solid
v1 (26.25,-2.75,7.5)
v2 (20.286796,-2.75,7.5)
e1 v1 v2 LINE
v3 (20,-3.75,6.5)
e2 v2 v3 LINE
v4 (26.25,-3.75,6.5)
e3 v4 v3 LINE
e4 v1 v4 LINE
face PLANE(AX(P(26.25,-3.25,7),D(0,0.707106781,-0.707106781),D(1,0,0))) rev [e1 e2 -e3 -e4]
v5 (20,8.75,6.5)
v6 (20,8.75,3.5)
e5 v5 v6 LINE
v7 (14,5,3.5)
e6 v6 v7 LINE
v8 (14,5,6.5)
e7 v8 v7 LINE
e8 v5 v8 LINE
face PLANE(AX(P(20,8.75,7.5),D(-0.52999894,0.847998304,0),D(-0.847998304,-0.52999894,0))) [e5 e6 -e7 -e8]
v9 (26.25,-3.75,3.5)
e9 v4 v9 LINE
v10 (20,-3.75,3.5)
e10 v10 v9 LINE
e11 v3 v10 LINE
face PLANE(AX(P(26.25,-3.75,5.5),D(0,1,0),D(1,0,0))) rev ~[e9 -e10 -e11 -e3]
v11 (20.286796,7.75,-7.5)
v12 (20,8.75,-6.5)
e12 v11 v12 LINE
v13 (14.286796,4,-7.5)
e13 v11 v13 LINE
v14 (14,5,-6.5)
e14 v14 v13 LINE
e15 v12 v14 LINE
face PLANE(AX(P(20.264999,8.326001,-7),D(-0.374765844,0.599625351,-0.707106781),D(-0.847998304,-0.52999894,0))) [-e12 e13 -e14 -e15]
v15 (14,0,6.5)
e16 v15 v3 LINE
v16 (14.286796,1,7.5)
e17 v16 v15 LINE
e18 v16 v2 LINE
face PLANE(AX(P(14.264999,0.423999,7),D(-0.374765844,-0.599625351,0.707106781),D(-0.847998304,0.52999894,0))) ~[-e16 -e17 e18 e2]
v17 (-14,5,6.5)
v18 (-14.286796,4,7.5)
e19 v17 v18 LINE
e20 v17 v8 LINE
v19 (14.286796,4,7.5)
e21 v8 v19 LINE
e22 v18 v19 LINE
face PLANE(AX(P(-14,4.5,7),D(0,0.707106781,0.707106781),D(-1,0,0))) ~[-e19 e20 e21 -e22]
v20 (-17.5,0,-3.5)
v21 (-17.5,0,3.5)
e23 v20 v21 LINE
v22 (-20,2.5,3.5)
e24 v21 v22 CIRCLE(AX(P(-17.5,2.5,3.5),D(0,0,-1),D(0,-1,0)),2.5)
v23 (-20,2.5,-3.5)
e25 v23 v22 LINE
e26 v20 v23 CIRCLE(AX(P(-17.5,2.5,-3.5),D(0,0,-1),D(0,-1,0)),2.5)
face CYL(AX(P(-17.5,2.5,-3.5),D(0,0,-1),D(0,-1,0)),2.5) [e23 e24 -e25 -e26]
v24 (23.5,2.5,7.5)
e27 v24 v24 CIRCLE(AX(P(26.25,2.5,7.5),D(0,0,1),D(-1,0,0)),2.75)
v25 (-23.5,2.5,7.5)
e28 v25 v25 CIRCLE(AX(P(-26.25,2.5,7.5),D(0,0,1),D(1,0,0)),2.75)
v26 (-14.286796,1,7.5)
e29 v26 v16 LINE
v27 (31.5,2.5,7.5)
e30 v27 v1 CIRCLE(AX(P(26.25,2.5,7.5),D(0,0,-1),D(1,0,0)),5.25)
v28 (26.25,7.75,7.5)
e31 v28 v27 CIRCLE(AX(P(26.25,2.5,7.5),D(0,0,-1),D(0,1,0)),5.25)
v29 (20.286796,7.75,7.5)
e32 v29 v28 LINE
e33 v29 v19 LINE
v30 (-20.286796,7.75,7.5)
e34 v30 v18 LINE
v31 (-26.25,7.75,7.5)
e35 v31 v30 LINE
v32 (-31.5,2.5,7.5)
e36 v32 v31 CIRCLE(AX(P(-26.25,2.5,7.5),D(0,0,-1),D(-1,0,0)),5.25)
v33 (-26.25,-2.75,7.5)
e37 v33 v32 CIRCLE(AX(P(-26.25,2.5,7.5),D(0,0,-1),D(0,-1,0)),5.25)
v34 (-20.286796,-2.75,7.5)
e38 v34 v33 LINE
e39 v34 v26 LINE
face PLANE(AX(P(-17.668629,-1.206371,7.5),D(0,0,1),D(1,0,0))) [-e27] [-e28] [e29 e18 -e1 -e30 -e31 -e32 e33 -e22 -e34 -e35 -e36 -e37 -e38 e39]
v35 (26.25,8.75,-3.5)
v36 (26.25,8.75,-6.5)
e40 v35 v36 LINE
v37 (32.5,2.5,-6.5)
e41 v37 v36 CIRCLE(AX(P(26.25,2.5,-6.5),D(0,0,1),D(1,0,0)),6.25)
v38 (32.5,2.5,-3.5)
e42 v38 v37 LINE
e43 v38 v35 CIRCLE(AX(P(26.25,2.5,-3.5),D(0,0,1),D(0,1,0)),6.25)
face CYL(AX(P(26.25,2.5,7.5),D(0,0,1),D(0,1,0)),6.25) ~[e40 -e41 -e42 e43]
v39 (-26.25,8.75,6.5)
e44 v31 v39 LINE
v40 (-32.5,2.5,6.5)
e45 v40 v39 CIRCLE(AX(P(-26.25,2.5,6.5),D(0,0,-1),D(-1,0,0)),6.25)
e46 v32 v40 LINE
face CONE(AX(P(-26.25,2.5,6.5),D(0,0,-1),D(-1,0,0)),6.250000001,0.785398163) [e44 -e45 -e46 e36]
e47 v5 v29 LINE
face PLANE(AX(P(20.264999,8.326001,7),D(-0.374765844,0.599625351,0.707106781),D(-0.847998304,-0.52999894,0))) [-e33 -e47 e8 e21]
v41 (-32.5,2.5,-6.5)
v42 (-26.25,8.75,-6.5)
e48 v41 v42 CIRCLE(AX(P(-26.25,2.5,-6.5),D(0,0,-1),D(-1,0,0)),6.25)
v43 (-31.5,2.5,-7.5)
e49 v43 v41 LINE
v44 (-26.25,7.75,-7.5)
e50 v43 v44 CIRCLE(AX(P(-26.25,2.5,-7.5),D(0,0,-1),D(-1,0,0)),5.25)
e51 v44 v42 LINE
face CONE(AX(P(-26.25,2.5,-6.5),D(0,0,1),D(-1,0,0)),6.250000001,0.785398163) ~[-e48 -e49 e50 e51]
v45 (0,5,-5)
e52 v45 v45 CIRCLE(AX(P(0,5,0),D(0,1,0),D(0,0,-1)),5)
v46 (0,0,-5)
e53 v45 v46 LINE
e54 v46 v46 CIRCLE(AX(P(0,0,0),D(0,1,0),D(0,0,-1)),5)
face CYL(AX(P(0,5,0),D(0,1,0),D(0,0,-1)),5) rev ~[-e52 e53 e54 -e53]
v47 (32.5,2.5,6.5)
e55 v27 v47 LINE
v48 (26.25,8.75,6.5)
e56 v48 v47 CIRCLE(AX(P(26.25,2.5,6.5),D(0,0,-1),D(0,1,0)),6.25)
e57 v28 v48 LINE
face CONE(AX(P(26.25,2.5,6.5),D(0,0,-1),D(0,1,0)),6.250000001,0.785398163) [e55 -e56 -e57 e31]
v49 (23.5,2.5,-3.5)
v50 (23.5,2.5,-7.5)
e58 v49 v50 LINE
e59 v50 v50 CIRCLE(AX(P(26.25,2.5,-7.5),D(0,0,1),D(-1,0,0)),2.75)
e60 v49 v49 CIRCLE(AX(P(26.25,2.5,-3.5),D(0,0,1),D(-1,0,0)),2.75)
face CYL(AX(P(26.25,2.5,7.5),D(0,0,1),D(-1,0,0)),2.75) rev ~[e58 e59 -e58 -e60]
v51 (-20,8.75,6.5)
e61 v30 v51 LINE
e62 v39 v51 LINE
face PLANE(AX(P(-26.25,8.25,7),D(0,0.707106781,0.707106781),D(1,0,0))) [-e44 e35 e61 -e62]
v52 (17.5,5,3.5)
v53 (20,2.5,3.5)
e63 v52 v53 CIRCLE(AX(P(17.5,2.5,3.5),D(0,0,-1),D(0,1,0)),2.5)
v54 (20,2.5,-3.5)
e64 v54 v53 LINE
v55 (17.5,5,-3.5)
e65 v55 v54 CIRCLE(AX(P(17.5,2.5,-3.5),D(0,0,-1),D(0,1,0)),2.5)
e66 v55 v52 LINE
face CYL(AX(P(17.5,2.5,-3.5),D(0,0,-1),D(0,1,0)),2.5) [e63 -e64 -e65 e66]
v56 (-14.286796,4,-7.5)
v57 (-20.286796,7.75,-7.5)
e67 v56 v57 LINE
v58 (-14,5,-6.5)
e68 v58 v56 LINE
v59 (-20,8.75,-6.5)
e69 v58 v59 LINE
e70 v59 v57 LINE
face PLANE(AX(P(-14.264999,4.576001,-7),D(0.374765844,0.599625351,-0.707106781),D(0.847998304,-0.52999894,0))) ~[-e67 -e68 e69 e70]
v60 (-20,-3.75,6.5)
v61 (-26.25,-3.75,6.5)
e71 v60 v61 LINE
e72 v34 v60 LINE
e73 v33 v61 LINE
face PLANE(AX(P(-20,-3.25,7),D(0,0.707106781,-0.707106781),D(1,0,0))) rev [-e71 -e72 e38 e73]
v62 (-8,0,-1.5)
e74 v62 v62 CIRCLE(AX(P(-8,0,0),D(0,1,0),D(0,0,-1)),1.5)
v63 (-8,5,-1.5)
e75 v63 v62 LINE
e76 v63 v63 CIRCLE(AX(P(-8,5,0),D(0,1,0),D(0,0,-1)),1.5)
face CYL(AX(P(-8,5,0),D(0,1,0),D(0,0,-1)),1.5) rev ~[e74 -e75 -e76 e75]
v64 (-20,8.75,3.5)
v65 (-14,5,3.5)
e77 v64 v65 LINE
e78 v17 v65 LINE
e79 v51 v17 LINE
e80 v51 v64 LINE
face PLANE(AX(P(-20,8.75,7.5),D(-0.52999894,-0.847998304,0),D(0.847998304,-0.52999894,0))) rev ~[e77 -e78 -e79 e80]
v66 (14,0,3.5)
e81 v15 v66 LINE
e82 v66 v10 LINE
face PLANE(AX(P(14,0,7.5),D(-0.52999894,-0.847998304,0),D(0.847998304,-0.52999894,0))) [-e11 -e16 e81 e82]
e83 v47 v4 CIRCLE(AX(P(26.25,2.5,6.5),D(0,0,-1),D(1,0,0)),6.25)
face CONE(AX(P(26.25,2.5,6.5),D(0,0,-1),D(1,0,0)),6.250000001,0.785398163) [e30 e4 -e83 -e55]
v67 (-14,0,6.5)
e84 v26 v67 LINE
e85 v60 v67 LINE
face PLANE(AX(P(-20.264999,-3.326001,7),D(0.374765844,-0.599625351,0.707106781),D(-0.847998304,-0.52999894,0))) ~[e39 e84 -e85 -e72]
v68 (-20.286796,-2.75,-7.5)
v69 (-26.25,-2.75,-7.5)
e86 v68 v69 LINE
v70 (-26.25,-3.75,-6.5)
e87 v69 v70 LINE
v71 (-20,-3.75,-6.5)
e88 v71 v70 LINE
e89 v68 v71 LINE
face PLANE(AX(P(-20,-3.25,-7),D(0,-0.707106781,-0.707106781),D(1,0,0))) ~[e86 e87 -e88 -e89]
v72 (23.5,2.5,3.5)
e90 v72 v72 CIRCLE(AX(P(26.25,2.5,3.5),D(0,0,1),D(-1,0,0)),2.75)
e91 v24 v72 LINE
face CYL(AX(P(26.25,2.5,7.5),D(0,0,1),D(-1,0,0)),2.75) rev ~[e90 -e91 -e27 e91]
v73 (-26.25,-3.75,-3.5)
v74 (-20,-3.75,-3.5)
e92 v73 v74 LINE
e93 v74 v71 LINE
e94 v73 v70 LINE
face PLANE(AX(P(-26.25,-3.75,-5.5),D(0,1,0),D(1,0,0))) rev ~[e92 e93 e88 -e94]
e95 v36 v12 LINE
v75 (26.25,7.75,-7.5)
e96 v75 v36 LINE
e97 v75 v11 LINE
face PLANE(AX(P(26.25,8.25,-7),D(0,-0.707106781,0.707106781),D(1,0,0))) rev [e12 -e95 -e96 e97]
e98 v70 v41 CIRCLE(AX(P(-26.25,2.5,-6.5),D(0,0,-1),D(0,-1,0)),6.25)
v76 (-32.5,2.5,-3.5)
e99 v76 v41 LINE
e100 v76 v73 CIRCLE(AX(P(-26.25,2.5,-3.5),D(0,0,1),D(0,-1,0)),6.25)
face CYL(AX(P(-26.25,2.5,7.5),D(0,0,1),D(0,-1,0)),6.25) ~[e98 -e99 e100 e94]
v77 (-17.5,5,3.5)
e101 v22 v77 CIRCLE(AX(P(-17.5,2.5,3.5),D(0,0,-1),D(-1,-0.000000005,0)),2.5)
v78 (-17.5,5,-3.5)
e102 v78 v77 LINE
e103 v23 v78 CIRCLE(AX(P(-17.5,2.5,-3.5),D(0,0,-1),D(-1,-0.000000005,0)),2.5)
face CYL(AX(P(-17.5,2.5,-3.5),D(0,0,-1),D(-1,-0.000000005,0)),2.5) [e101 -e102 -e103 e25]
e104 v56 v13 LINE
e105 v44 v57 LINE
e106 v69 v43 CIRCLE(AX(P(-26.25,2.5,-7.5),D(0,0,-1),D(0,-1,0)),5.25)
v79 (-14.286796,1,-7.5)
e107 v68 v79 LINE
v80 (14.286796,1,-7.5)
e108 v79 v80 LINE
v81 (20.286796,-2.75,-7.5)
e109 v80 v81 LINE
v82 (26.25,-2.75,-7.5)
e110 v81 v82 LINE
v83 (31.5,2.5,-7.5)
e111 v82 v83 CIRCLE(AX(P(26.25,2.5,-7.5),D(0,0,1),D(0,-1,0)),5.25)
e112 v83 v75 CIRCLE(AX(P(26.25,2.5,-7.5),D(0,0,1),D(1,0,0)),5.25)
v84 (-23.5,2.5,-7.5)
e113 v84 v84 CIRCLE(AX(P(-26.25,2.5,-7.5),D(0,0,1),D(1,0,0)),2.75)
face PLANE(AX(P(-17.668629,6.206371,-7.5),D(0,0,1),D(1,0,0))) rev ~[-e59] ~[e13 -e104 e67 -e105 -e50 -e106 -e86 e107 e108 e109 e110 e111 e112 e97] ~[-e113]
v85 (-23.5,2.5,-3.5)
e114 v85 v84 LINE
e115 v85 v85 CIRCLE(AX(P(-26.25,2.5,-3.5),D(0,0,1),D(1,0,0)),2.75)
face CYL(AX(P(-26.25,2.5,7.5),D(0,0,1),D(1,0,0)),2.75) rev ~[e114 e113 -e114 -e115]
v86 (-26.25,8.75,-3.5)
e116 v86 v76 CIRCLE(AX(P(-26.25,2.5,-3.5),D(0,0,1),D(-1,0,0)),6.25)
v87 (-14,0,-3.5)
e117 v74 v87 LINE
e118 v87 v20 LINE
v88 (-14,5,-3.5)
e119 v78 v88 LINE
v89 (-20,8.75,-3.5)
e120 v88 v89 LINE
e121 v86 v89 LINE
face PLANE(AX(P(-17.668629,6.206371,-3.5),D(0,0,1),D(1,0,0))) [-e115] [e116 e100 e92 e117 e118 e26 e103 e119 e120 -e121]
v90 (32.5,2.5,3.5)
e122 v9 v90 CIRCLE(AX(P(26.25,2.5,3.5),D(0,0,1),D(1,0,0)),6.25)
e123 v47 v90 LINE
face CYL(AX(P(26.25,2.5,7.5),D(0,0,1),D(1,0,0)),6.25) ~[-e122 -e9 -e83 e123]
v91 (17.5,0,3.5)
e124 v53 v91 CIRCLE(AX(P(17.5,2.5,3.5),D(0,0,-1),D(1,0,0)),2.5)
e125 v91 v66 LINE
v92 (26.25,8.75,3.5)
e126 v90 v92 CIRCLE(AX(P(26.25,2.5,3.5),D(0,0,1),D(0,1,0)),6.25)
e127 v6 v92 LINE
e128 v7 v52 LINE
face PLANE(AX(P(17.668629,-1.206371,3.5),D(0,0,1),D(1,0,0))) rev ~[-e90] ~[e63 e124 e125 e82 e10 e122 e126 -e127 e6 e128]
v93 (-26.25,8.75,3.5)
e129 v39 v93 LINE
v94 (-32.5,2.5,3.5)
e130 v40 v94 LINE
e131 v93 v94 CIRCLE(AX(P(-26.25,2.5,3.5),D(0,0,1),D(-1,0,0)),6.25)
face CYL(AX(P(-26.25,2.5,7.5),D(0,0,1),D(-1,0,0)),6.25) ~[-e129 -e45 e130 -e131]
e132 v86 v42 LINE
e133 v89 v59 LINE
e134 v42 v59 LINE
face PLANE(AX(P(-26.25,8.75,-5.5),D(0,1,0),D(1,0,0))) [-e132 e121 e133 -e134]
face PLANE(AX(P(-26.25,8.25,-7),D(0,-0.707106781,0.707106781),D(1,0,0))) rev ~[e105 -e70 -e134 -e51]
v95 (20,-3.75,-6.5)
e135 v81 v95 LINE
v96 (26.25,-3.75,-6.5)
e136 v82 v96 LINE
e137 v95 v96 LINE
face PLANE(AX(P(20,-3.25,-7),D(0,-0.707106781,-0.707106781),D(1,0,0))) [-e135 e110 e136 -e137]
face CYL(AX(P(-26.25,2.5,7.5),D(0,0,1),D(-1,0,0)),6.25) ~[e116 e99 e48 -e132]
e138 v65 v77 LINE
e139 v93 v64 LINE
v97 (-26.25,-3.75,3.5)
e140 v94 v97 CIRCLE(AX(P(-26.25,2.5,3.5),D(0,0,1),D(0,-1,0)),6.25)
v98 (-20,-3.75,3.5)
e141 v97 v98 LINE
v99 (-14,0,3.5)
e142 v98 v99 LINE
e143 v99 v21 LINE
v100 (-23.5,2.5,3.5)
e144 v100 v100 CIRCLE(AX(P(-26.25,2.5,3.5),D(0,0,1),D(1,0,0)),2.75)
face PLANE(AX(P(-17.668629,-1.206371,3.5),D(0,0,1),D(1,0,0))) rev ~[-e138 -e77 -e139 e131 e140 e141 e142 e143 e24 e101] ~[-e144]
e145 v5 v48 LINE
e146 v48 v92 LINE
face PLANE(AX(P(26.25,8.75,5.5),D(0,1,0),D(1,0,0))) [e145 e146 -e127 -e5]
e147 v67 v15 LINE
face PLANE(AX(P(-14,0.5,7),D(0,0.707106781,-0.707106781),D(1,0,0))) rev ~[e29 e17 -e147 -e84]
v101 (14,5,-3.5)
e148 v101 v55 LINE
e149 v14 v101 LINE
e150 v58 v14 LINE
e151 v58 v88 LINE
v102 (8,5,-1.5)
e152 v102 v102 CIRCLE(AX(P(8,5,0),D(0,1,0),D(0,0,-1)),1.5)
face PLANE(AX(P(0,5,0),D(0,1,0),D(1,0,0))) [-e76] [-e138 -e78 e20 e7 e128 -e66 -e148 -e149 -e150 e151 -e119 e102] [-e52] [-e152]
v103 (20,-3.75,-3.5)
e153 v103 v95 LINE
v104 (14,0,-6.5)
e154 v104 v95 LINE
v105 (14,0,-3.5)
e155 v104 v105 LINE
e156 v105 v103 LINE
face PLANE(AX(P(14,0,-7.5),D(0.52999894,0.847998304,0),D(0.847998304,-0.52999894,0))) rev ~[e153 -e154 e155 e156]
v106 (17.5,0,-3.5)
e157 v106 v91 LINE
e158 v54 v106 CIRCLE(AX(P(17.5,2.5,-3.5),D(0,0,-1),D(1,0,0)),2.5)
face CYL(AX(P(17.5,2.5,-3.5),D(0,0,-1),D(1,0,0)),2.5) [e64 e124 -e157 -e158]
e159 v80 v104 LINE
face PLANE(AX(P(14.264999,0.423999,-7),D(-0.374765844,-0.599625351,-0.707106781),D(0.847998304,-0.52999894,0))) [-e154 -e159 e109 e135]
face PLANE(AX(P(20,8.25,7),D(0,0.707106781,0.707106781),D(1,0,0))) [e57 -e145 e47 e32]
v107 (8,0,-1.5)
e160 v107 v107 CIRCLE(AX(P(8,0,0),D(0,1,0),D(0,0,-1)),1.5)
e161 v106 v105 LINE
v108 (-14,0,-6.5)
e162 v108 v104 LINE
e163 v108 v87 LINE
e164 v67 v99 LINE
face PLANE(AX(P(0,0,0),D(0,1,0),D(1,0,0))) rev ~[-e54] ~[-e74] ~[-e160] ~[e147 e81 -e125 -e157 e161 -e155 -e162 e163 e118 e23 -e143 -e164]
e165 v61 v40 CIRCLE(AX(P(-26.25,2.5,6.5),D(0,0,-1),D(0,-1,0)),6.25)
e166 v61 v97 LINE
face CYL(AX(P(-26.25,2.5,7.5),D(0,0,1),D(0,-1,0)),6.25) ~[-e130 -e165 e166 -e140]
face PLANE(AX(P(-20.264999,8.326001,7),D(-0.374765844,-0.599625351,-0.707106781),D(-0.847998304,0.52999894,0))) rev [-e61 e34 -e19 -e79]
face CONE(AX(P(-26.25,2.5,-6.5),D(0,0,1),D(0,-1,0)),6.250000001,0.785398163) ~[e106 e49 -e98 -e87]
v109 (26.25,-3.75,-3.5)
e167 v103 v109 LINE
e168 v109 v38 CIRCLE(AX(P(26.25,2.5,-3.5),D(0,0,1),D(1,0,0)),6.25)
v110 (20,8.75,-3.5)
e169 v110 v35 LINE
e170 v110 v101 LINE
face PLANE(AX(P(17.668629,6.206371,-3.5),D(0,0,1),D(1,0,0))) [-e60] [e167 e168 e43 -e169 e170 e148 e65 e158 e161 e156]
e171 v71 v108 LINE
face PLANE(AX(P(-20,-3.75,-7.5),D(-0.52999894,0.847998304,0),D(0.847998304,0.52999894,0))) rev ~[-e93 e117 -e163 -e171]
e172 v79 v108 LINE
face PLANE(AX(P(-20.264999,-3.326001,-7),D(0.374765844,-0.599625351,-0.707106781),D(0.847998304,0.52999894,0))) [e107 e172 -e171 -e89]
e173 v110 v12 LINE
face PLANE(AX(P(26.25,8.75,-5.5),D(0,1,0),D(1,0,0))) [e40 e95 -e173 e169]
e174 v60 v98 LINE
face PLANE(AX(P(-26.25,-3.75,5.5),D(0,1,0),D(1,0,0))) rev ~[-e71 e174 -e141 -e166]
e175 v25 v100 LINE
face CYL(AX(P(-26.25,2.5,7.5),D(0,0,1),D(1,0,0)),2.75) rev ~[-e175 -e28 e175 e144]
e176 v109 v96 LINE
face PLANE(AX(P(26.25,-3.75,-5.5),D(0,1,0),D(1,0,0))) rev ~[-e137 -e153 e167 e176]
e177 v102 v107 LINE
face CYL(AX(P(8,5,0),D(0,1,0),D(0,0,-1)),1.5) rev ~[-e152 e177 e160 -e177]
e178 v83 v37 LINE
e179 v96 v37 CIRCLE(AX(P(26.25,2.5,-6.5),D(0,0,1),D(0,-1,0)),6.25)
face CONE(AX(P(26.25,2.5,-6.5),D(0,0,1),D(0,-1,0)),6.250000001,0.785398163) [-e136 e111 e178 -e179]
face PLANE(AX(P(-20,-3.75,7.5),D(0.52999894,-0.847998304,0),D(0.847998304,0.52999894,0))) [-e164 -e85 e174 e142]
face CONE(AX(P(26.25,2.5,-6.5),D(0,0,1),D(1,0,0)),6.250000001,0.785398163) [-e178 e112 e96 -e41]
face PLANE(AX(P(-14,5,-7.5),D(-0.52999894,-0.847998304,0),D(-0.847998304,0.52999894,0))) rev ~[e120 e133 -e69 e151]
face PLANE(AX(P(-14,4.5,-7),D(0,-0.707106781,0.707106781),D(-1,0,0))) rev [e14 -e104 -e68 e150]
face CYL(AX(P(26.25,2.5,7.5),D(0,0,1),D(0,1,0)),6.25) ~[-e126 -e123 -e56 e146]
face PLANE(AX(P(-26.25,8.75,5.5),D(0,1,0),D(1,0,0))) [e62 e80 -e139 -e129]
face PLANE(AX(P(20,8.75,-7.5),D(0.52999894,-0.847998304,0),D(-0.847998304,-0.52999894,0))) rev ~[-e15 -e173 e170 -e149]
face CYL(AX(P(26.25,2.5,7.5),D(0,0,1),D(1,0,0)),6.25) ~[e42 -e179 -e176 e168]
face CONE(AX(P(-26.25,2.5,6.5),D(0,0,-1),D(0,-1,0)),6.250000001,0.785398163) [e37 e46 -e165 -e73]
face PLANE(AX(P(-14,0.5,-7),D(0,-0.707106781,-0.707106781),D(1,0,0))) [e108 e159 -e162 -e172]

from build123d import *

# Parameters (mm, degrees)
SKETCH_1_W           = 40
SKETCH_1_H           = 15
EXTRUDE_1_DEPTH      = 5
CUT_EXTRUDE_START    = 5
SKETCH_2_R           = 5
SKETCH_2_R_2         = 1.5
CUT_EXTRUDE_1_DEPTH  = 5
EXTRUDE_3_DEPTH      = 8.75
EXTRUDE_3_DEPTH_BACK = 3.75
SKETCH_6_W           = 12.5
SKETCH_6_H           = 4
EXTRUDE_START        = 7.5
EXTRUDE_4_DEPTH      = 4
EXTRUDE_START_2      = -7.5
EXTRUDE_5_DEPTH      = 4
CUT_EXTRUDE_START_2  = 7.5
SKETCH_10_R          = 2.75
CUT_EXTRUDE_3_DEPTH  = 15
CUT_EXTRUDE_START_3  = -3.5
CUT_EXTRUDE_4_DEPTH  = 7
CHAMFER_1_SIZE       = 1


with BuildPart() as part:
    # 草图1 → 凸台-拉伸1 (new body)
    with BuildSketch(Plane(origin=(0, 0, 0), x_dir=(1, 0, 0), z_dir=(0, 1, 0))):
        Rectangle(SKETCH_1_W, SKETCH_1_H)
    extrude(amount=EXTRUDE_1_DEPTH)

    # 草图2 → 切除-拉伸1 (cut)
    with BuildSketch(Plane(origin=(0, 0, 0), x_dir=(1, 0, 0), z_dir=(0, 1, 0)).offset(CUT_EXTRUDE_START)):
        with Locations(Location((0, 0, 0), (0, 0, 90))):
            Circle(SKETCH_2_R)
        with Locations(Location((8, 0, 0), (0, 0, 90))):
            Circle(SKETCH_2_R_2)
        with Locations(Location((-8, 0, 0), (0, 0, 90))):
            Circle(SKETCH_2_R_2)
    extrude(amount=-CUT_EXTRUDE_1_DEPTH, mode=Mode.SUBTRACT)

    # 草图6 → 凸台-拉伸3 (add, two sides: drawn at the far end of the back side and taken through both)
    with BuildSketch(Plane(origin=(0, 0, 0), x_dir=(1, 0, 0), z_dir=(0, 1, 0)).offset(-EXTRUDE_3_DEPTH_BACK)):
        with Locations((26.25, 5.5)):
            Rectangle(SKETCH_6_W, SKETCH_6_H)
        with Locations((26.25, -5.5)):
            Rectangle(SKETCH_6_W, SKETCH_6_H)
        with Locations((-26.25, -5.5)):
            Rectangle(SKETCH_6_W, SKETCH_6_H)
        with Locations((-26.25, 5.5)):
            Rectangle(SKETCH_6_W, SKETCH_6_H)
    extrude(amount=EXTRUDE_3_DEPTH + EXTRUDE_3_DEPTH_BACK)

    # 草图8 → 凸台-拉伸4 (add)
    with BuildSketch(Plane.XY.offset(EXTRUDE_START)):
        Polygon((-20, -3.75), (-14, 0), (-20, 0), align=None)
        Polygon((-20, 8.75), (-14, 5), (-20, 5), align=None)
        Polygon((20, 0), (14, 0), (20, -3.75), align=None)
        Polygon((20, 5), (20, 8.75), (14, 5), align=None)
    extrude(amount=-EXTRUDE_4_DEPTH)

    # 草图9 → 凸台-拉伸5 (add)
    with BuildSketch(Plane.XY.offset(EXTRUDE_START_2)):
        Polygon((-14, 5), (-20, 8.75), (-20, 5), align=None)
        Polygon((-20, -3.75), (-14, 0), (-20, 0), align=None)
        Polygon((20, 5), (20, 8.75), (14, 5), align=None)
        Polygon((20, 0), (14, 0), (20, -3.75), align=None)
    extrude(amount=EXTRUDE_5_DEPTH)

    # 草图10 → 切除-拉伸3 (cut)
    with BuildSketch(Plane.XY.offset(CUT_EXTRUDE_START_2)):
        with BuildLine():
            Line((-32.5, 2.5), (-32.5, -3.75))
            Line((-32.5, -3.75), (-26.25, -3.75))
            ThreePointArc((-26.25, -3.75), (-30.669417382, -1.919417382), (-32.5, 2.5))
        make_face()
        with BuildLine():
            Line((-32.5, 8.75), (-32.5, 2.5))
            ThreePointArc((-32.5, 2.5), (-30.669417382, 6.919417382), (-26.25, 8.75))
            Line((-26.25, 8.75), (-32.5, 8.75))
        make_face()
        with Locations(Location((26.25, 2.5, 0), (0, 0, 180))):
            Circle(SKETCH_10_R)
        with BuildLine():
            ThreePointArc((32.5, 2.5), (30.669417382, -1.919417382), (26.25, -3.75))
            Line((26.25, -3.75), (32.5, -3.75))
            Line((32.5, -3.75), (32.5, 2.5))
        make_face()
        with BuildLine():
            ThreePointArc((26.25, 8.75), (30.669417382, 6.919417382), (32.5, 2.5))
            Line((32.5, 2.5), (32.5, 8.75))
            Line((32.5, 8.75), (26.25, 8.75))
        make_face()
        with Locations((-26.25, 2.5)):
            Circle(SKETCH_10_R)
    extrude(amount=-CUT_EXTRUDE_3_DEPTH, mode=Mode.SUBTRACT)

    # 草图11 → 切除-拉伸4 (cut)
    with BuildSketch(Plane.XY.offset(CUT_EXTRUDE_START_3)):
        with BuildLine():
            Line((20, 2.5), (20, 5))
            Line((20, 5), (17.5, 5))
            ThreePointArc((17.5, 5), (19.267766953, 4.267766953), (20, 2.5))
        make_face()
        with BuildLine():
            Line((20, 0), (20, 2.5))
            ThreePointArc((20, 2.5), (19.267766953, 0.732233047), (17.5, 0))
            Line((17.5, 0), (20, 0))
        make_face()
        with BuildLine():
            Line((-20, 0), (-17.5, 0))
            ThreePointArc((-17.5, 0), (-19.267766948, 0.732233042), (-20, 2.499999987))
            Line((-20, 2.499999987), (-20, 0))
        make_face()
        with BuildLine():
            Line((-20, 5), (-20, 2.499999987))
            ThreePointArc((-20, 2.499999987), (-19.267766958, 4.267766948), (-17.5, 5))
            Line((-17.5, 5), (-20, 5))
        make_face()
    extrude(amount=CUT_EXTRUDE_4_DEPTH, mode=Mode.SUBTRACT)

    # 倒角1
    chamfer_1_edges = [part.edges().sort_by_distance(p)[0] for p in [
        (17, -1.875, 7.5),
        (17, 6.875, 7.5),
        (-17, 6.875, -7.5),
        (-17, -1.875, -7.5),
        (0, 5, -7.5),
        (17, 6.875, -7.5),
        (0, 0, -7.5),
        (17, -1.875, -7.5),
        (-23.125, 8.75, 7.5),
        (23.125, -3.75, -7.5),
        (32.5, 2.5, 7.5),
        (32.5, 2.5, -7.5),
        (-32.5, 2.5, 7.5),
        (-32.5, 2.5, -7.5),
        (-23.125, -3.75, 7.5),
        (23.125, 8.75, -7.5),
        (23.125, -3.75, 7.5),
        (23.125, 8.75, 7.5),
        (-23.125, -3.75, -7.5),
        (-23.125, 8.75, -7.5),
        (0, 0, 7.5),
        (-17, -1.875, 7.5),
        (0, 5, 7.5),
        (-17, 6.875, 7.5),
    ]]
    chamfer(chamfer_1_edges, length=CHAMFER_1_SIZE)


solid = part.part
